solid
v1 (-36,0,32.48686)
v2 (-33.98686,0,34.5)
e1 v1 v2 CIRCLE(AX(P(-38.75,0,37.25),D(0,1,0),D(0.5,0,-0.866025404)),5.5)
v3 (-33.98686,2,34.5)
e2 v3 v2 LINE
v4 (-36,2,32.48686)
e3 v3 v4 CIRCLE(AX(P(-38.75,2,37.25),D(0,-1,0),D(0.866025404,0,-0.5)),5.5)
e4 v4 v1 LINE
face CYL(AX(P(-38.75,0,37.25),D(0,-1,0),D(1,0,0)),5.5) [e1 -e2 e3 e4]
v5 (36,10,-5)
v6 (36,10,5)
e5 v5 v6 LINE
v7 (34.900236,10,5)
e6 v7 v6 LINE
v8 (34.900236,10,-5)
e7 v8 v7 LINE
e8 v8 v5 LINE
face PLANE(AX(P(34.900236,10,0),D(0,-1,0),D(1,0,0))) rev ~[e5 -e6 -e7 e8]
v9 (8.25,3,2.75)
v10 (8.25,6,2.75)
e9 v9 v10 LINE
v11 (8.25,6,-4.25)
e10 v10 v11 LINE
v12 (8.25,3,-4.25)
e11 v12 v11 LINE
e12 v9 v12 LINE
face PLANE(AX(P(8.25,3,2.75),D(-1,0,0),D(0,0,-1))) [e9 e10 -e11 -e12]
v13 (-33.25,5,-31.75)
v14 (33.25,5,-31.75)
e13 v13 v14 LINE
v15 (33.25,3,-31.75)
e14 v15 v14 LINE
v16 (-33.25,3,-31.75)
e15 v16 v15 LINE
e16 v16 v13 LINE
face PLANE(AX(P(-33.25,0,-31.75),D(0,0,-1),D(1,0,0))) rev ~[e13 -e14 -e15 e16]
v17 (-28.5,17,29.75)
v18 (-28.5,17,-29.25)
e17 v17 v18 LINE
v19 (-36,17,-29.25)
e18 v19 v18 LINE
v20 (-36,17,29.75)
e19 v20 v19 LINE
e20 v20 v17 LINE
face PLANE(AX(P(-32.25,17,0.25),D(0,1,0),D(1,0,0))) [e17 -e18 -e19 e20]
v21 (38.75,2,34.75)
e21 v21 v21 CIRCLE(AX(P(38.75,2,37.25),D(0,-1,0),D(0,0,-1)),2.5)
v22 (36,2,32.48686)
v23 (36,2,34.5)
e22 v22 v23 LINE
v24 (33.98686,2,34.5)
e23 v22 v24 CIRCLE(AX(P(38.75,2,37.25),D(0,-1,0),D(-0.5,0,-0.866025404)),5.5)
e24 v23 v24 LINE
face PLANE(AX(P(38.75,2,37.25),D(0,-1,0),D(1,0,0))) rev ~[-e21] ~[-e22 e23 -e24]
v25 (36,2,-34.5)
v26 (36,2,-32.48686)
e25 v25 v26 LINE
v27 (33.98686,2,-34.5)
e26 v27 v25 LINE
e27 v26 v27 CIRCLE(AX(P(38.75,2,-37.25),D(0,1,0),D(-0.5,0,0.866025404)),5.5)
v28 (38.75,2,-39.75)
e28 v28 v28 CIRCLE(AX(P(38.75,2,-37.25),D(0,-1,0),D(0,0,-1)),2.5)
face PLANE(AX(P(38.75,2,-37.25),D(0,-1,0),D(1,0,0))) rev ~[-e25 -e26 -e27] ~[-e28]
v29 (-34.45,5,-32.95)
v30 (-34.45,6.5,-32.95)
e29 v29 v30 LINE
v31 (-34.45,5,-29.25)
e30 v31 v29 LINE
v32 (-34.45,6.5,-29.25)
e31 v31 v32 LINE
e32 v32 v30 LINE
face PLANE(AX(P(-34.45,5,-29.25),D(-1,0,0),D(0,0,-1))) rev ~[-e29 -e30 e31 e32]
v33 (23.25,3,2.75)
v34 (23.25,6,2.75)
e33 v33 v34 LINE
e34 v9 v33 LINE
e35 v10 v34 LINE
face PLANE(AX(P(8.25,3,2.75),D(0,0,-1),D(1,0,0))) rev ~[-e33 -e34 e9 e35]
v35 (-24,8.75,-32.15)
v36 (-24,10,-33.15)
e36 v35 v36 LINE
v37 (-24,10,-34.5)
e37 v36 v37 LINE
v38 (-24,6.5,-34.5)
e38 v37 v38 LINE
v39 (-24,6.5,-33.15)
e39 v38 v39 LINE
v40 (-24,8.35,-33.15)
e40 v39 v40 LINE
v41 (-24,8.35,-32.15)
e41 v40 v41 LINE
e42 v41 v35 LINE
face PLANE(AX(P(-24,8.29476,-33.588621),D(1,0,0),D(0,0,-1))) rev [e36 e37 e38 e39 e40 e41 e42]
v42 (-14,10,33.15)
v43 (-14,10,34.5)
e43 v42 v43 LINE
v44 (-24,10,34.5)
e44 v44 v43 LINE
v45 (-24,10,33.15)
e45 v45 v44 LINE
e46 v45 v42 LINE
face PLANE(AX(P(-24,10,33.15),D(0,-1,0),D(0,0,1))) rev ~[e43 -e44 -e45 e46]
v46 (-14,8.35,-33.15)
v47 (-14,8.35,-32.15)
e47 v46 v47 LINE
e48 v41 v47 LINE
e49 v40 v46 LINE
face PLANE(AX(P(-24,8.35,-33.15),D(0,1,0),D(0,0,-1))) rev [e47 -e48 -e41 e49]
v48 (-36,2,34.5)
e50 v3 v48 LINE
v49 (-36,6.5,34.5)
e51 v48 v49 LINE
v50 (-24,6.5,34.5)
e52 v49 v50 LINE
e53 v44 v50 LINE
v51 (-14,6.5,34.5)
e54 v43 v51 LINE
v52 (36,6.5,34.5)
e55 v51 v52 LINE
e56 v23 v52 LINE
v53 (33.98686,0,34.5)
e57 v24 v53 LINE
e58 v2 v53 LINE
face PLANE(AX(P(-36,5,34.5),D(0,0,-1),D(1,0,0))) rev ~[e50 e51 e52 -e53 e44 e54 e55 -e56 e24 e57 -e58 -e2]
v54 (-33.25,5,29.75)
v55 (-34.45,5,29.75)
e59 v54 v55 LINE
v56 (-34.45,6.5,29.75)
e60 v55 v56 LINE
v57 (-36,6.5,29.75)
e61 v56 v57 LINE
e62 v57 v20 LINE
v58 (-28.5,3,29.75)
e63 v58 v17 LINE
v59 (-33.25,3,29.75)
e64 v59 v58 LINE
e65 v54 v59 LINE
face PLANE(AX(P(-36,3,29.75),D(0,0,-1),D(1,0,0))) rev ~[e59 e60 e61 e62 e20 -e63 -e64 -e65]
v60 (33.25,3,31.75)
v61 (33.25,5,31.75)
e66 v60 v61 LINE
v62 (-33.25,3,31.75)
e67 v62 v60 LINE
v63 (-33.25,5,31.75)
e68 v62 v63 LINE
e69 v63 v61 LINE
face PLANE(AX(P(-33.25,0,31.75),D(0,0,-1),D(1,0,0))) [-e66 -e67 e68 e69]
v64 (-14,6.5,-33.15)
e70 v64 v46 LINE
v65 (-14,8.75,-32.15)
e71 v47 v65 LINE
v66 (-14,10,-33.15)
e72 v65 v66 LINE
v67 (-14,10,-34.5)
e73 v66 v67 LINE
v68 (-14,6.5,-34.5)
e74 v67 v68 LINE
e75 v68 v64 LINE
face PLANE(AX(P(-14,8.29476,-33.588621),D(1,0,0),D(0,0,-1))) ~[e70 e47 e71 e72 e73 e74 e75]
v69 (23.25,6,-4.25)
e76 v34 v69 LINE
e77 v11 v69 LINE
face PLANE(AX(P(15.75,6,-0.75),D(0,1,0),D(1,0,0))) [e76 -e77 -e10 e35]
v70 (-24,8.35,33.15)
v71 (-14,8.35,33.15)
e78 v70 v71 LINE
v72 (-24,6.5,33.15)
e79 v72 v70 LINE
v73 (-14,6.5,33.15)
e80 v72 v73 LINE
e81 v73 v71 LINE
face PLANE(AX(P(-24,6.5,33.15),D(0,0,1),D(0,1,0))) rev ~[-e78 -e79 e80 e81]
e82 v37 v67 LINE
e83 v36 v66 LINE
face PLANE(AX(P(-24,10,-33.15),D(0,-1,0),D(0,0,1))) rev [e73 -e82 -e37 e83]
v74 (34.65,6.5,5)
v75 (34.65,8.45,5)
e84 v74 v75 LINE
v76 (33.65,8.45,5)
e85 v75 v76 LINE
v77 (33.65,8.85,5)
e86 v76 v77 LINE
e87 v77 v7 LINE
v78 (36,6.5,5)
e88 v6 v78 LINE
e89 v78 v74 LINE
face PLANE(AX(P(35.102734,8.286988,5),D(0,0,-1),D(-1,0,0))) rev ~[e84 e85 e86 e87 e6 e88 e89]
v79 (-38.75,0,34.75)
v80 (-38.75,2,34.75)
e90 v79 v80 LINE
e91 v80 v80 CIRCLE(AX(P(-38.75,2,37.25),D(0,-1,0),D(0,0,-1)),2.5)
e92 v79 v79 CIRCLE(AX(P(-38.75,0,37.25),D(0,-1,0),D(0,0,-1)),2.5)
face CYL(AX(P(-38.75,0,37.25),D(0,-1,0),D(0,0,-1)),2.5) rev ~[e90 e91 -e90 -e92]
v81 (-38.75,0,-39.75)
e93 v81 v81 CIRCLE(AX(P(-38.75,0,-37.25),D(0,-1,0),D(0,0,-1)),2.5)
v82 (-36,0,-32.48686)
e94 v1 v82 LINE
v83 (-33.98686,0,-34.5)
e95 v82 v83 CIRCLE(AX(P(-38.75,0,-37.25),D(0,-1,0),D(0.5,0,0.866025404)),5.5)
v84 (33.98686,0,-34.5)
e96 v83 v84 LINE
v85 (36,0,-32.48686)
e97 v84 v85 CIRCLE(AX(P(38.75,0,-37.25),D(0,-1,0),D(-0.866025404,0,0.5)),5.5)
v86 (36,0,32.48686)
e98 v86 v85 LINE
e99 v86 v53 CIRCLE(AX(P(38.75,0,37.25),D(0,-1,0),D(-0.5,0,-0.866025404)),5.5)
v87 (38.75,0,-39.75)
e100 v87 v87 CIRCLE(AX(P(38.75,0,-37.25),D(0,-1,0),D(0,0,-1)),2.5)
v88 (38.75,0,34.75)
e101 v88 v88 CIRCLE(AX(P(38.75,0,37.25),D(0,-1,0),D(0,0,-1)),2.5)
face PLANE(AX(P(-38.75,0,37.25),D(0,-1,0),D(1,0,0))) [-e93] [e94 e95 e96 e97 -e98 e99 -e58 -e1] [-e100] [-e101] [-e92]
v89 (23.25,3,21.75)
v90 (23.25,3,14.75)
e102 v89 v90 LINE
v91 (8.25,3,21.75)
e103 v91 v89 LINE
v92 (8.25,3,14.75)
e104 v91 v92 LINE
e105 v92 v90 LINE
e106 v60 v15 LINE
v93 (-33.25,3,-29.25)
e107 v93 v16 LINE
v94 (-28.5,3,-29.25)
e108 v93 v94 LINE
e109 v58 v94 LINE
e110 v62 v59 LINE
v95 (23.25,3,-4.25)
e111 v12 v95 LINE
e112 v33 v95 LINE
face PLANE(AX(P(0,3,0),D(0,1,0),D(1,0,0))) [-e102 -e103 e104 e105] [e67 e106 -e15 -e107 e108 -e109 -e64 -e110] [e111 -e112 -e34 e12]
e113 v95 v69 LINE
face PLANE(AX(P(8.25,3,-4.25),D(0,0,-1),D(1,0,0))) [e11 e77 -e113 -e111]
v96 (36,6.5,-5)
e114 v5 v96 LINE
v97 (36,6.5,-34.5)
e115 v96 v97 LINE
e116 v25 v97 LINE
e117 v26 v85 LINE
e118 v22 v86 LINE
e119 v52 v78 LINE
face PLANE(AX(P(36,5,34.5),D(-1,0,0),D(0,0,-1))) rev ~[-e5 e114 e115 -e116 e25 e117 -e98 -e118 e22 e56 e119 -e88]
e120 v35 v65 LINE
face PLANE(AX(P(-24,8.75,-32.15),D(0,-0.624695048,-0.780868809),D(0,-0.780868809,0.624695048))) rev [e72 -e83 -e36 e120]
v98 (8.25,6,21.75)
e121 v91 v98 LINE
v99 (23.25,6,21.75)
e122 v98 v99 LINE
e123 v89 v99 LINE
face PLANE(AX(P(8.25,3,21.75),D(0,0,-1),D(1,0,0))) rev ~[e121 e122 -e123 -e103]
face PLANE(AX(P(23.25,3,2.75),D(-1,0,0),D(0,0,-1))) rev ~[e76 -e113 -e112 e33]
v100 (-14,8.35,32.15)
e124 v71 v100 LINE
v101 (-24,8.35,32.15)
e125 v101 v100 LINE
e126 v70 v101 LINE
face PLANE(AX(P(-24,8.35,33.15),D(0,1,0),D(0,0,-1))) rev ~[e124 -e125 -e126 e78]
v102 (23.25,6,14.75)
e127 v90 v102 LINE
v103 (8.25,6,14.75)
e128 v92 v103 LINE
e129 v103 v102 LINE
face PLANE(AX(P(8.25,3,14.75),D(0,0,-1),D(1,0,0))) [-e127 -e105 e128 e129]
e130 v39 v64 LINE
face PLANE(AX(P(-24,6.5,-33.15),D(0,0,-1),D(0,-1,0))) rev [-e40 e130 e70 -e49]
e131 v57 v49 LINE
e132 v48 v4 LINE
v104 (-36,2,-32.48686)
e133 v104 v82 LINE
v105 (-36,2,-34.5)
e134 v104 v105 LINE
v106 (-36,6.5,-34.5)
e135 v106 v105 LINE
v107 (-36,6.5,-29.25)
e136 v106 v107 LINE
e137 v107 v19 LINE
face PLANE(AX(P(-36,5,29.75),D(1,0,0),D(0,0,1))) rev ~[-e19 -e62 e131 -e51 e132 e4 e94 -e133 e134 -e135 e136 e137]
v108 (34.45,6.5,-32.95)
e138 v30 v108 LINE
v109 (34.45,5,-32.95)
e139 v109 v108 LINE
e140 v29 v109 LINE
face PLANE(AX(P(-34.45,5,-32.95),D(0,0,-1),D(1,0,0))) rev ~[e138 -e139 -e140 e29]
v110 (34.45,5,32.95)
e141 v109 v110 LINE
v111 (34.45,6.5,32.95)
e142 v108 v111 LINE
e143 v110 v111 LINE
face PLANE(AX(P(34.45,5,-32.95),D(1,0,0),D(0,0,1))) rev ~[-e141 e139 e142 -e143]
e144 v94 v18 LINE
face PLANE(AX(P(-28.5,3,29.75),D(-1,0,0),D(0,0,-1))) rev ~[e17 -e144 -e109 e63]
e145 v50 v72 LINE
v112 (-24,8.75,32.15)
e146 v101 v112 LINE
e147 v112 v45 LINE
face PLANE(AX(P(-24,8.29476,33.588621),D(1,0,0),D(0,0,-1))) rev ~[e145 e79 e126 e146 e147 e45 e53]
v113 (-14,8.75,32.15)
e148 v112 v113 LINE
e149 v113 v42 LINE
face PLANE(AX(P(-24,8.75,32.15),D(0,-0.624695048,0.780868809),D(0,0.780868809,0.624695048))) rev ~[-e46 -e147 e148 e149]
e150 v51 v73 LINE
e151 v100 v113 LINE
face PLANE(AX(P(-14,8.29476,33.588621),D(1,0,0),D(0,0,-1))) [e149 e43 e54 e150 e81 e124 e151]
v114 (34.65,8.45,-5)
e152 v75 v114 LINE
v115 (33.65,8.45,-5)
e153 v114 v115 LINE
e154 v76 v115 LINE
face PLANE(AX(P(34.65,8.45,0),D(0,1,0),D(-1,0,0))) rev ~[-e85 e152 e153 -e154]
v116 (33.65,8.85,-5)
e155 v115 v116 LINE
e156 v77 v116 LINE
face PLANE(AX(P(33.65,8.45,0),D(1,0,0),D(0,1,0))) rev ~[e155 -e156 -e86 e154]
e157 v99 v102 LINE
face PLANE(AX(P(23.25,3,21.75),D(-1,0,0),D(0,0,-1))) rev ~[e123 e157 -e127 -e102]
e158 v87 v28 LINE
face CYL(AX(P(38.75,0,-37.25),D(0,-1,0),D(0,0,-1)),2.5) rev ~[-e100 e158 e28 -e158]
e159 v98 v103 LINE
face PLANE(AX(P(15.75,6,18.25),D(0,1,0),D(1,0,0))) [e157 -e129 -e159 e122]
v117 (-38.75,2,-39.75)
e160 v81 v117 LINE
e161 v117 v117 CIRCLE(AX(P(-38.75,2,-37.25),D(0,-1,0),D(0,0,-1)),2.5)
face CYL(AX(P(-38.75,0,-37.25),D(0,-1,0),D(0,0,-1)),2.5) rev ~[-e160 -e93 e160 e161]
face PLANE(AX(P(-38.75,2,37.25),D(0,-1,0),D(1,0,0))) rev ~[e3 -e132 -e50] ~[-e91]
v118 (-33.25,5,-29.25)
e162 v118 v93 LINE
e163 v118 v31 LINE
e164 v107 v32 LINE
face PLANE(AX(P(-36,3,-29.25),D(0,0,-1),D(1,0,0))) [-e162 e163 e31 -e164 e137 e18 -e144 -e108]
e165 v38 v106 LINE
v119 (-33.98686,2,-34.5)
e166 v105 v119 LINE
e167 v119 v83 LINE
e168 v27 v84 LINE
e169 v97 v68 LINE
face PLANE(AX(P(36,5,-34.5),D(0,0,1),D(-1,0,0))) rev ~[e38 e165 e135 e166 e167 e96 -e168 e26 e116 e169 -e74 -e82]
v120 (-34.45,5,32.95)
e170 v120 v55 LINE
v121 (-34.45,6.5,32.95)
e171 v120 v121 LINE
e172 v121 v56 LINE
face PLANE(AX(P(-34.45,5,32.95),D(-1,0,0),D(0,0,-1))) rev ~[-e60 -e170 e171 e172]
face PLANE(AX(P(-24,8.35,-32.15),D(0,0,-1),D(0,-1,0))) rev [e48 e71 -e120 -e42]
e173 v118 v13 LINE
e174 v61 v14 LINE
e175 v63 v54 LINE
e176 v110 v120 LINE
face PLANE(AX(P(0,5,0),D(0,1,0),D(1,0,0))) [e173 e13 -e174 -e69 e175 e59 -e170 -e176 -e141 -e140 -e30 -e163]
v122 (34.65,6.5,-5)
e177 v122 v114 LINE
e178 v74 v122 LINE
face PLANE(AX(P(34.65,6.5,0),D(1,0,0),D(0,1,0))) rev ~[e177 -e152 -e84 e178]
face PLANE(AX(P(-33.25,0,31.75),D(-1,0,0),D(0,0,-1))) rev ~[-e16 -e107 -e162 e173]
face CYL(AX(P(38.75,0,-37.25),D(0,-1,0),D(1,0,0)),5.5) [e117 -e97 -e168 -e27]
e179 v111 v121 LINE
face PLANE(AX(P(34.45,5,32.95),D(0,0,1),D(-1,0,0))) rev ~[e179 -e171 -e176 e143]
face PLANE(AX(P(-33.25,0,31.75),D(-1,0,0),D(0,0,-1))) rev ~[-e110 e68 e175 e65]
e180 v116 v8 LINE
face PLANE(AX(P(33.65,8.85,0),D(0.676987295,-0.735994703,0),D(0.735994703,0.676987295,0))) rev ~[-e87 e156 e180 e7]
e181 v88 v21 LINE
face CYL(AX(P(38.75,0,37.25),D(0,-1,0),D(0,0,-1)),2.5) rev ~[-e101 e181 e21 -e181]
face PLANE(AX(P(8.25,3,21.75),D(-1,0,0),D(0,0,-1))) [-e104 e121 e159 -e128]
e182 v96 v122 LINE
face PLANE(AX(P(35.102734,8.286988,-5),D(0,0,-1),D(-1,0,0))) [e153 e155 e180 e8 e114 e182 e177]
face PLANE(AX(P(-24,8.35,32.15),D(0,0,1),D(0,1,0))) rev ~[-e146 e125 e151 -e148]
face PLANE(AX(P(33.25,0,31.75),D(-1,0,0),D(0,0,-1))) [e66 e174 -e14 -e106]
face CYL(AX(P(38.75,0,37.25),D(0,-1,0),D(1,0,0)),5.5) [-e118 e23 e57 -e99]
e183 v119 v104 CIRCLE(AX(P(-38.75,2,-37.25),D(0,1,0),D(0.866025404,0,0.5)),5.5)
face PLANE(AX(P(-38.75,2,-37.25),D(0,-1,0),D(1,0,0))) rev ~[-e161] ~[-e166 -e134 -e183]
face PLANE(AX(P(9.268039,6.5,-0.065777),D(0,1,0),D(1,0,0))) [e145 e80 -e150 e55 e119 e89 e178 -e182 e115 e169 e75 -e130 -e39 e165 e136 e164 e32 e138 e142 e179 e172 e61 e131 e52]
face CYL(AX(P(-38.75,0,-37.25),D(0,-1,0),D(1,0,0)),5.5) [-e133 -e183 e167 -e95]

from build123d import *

# Parameters (mm, degrees)
SKETCH2_W           = 66.5
SKETCH2_H           = 63.5
BOSS_EXTRUDE1_DEPTH = 3
SKETCH6_W           = 72
SKETCH6_H           = 69
SKETCH6_W_2         = 66.5
SKETCH6_H_2         = 63.5
BOSS_EXTRUDE2_DEPTH = 5
SKETCH14_W          = 7.5
SKETCH14_H          = 59
BOSS_EXTRUDE4_DEPTH = 14
BOSS_EXTRUDE5_DEPTH = 1.5
SKETCH16_R          = 5.5
SKETCH16_R_2        = 2.5
BOSS_EXTRUDE6_DEPTH = 2
BOSS_EXTRUDE7_DEPTH = 10
BOSS_EXTRUDE8_DEPTH = 5
SKETCH19_W          = 15
SKETCH19_H          = 7
BOSS_EXTRUDE9_DEPTH = 3


with BuildPart() as part:
    # Sketch2 → Boss-Extrude1 (new body)
    with BuildSketch(Plane(origin=(0, 0, 0), x_dir=(1, 0, 0), z_dir=(0, 1, 0))):
        Rectangle(SKETCH2_W, SKETCH2_H)
    extrude(amount=BOSS_EXTRUDE1_DEPTH)

    # Sketch6 → Boss-Extrude2 (add)
    with BuildSketch(Plane(origin=(0, 0, 0), x_dir=(1, 0, 0), z_dir=(0, 1, 0))):
        Rectangle(SKETCH6_W, SKETCH6_H)
        Rectangle(SKETCH6_W_2, SKETCH6_H_2, mode=Mode.SUBTRACT)
    extrude(amount=BOSS_EXTRUDE2_DEPTH)

    # Sketch14 → Boss-Extrude4 (add)
    with BuildSketch(Plane(origin=(0, 3, 0), x_dir=(1, 0, 0), z_dir=(0, 1, 0))):
        with Locations((-32.25, -0.25)):
            Rectangle(SKETCH14_W, SKETCH14_H)
    extrude(amount=BOSS_EXTRUDE4_DEPTH)

    # Sketch15 → Boss-Extrude5 (add)
    with BuildSketch(Plane(origin=(0, 5, 0), x_dir=(1, 0, 0), z_dir=(0, 1, 0))):
        Polygon((-34.45, 32.95), (34.45, 32.95), (34.45, -32.95), (-34.45, -32.95), (-34.45, -29.75), (-36, -29.75), (-36, -34.5), (36, -34.5), (36, 34.5), (-36, 34.5), (-36, 29.25), (-34.45, 29.25), align=None)
    extrude(amount=BOSS_EXTRUDE5_DEPTH)

    # Sketch16 → Boss-Extrude6 (add)
    # profile 1 of 4: a face of its own
    with BuildSketch(Plane.XZ):
        with Locations((-38.75, 37.25)):
            Circle(SKETCH16_R)
        with Locations(Location((-38.75, 37.25, 0), (0, 0, 270))):
            Circle(SKETCH16_R_2, mode=Mode.SUBTRACT)
    # profile 2 of 4: a face of its own
    with BuildSketch(Plane.XZ):
        with Locations((38.75, 37.25)):
            Circle(SKETCH16_R)
        with Locations(Location((38.75, 37.25, 0), (0, 0, 270))):
            Circle(SKETCH16_R_2, mode=Mode.SUBTRACT)
    # profile 3 of 4: a face of its own
    with BuildSketch(Plane.XZ):
        with Locations((38.75, -37.25)):
            Circle(SKETCH16_R)
        with Locations(Location((38.75, -37.25, 0), (0, 0, 270))):
            Circle(SKETCH16_R_2, mode=Mode.SUBTRACT)
    # profile 4 of 4: a face of its own
    with BuildSketch(Plane.XZ):
        with Locations((-38.75, -37.25)):
            Circle(SKETCH16_R)
        with Locations(Location((-38.75, -37.25, 0), (0, 0, 270))):
            Circle(SKETCH16_R_2, mode=Mode.SUBTRACT)
    extrude(amount=-BOSS_EXTRUDE6_DEPTH)

    # Sketch17 → Boss-Extrude7 (add)
    with BuildSketch(Plane.ZY.offset(24)):
        Polygon((34.5, 6.5), (33.15, 6.5), (33.15, 8.35), (32.15, 8.35), (32.15, 8.75), (33.15, 10), (34.5, 10), align=None)
    boss_extrude7 = extrude(amount=-BOSS_EXTRUDE7_DEPTH)

    # Mirror1: Boss-Extrude7 across plane
    add(boss_extrude7.mirror(Plane.XY))

    # Sketch18 → Boss-Extrude8 (add, symmetric)
    with BuildSketch(Plane.XY):
        Polygon((36, 6.5), (34.65, 6.5), (34.65, 8.45), (33.65, 8.45), (33.65, 8.85), (34.90023603, 10), (36, 10), align=None)
    extrude(amount=BOSS_EXTRUDE8_DEPTH, both=True)

    # Sketch19 → Boss-Extrude9 (add)
    with BuildSketch(Plane(origin=(0, 3, 0), x_dir=(1, 0, 0), z_dir=(0, 1, 0))):
        with Locations((15.75, -18.25)):
            Rectangle(SKETCH19_W, SKETCH19_H)
        with Locations((15.75, 0.75)):
            Rectangle(SKETCH19_W, SKETCH19_H)
    extrude(amount=BOSS_EXTRUDE9_DEPTH)


solid = part.part
